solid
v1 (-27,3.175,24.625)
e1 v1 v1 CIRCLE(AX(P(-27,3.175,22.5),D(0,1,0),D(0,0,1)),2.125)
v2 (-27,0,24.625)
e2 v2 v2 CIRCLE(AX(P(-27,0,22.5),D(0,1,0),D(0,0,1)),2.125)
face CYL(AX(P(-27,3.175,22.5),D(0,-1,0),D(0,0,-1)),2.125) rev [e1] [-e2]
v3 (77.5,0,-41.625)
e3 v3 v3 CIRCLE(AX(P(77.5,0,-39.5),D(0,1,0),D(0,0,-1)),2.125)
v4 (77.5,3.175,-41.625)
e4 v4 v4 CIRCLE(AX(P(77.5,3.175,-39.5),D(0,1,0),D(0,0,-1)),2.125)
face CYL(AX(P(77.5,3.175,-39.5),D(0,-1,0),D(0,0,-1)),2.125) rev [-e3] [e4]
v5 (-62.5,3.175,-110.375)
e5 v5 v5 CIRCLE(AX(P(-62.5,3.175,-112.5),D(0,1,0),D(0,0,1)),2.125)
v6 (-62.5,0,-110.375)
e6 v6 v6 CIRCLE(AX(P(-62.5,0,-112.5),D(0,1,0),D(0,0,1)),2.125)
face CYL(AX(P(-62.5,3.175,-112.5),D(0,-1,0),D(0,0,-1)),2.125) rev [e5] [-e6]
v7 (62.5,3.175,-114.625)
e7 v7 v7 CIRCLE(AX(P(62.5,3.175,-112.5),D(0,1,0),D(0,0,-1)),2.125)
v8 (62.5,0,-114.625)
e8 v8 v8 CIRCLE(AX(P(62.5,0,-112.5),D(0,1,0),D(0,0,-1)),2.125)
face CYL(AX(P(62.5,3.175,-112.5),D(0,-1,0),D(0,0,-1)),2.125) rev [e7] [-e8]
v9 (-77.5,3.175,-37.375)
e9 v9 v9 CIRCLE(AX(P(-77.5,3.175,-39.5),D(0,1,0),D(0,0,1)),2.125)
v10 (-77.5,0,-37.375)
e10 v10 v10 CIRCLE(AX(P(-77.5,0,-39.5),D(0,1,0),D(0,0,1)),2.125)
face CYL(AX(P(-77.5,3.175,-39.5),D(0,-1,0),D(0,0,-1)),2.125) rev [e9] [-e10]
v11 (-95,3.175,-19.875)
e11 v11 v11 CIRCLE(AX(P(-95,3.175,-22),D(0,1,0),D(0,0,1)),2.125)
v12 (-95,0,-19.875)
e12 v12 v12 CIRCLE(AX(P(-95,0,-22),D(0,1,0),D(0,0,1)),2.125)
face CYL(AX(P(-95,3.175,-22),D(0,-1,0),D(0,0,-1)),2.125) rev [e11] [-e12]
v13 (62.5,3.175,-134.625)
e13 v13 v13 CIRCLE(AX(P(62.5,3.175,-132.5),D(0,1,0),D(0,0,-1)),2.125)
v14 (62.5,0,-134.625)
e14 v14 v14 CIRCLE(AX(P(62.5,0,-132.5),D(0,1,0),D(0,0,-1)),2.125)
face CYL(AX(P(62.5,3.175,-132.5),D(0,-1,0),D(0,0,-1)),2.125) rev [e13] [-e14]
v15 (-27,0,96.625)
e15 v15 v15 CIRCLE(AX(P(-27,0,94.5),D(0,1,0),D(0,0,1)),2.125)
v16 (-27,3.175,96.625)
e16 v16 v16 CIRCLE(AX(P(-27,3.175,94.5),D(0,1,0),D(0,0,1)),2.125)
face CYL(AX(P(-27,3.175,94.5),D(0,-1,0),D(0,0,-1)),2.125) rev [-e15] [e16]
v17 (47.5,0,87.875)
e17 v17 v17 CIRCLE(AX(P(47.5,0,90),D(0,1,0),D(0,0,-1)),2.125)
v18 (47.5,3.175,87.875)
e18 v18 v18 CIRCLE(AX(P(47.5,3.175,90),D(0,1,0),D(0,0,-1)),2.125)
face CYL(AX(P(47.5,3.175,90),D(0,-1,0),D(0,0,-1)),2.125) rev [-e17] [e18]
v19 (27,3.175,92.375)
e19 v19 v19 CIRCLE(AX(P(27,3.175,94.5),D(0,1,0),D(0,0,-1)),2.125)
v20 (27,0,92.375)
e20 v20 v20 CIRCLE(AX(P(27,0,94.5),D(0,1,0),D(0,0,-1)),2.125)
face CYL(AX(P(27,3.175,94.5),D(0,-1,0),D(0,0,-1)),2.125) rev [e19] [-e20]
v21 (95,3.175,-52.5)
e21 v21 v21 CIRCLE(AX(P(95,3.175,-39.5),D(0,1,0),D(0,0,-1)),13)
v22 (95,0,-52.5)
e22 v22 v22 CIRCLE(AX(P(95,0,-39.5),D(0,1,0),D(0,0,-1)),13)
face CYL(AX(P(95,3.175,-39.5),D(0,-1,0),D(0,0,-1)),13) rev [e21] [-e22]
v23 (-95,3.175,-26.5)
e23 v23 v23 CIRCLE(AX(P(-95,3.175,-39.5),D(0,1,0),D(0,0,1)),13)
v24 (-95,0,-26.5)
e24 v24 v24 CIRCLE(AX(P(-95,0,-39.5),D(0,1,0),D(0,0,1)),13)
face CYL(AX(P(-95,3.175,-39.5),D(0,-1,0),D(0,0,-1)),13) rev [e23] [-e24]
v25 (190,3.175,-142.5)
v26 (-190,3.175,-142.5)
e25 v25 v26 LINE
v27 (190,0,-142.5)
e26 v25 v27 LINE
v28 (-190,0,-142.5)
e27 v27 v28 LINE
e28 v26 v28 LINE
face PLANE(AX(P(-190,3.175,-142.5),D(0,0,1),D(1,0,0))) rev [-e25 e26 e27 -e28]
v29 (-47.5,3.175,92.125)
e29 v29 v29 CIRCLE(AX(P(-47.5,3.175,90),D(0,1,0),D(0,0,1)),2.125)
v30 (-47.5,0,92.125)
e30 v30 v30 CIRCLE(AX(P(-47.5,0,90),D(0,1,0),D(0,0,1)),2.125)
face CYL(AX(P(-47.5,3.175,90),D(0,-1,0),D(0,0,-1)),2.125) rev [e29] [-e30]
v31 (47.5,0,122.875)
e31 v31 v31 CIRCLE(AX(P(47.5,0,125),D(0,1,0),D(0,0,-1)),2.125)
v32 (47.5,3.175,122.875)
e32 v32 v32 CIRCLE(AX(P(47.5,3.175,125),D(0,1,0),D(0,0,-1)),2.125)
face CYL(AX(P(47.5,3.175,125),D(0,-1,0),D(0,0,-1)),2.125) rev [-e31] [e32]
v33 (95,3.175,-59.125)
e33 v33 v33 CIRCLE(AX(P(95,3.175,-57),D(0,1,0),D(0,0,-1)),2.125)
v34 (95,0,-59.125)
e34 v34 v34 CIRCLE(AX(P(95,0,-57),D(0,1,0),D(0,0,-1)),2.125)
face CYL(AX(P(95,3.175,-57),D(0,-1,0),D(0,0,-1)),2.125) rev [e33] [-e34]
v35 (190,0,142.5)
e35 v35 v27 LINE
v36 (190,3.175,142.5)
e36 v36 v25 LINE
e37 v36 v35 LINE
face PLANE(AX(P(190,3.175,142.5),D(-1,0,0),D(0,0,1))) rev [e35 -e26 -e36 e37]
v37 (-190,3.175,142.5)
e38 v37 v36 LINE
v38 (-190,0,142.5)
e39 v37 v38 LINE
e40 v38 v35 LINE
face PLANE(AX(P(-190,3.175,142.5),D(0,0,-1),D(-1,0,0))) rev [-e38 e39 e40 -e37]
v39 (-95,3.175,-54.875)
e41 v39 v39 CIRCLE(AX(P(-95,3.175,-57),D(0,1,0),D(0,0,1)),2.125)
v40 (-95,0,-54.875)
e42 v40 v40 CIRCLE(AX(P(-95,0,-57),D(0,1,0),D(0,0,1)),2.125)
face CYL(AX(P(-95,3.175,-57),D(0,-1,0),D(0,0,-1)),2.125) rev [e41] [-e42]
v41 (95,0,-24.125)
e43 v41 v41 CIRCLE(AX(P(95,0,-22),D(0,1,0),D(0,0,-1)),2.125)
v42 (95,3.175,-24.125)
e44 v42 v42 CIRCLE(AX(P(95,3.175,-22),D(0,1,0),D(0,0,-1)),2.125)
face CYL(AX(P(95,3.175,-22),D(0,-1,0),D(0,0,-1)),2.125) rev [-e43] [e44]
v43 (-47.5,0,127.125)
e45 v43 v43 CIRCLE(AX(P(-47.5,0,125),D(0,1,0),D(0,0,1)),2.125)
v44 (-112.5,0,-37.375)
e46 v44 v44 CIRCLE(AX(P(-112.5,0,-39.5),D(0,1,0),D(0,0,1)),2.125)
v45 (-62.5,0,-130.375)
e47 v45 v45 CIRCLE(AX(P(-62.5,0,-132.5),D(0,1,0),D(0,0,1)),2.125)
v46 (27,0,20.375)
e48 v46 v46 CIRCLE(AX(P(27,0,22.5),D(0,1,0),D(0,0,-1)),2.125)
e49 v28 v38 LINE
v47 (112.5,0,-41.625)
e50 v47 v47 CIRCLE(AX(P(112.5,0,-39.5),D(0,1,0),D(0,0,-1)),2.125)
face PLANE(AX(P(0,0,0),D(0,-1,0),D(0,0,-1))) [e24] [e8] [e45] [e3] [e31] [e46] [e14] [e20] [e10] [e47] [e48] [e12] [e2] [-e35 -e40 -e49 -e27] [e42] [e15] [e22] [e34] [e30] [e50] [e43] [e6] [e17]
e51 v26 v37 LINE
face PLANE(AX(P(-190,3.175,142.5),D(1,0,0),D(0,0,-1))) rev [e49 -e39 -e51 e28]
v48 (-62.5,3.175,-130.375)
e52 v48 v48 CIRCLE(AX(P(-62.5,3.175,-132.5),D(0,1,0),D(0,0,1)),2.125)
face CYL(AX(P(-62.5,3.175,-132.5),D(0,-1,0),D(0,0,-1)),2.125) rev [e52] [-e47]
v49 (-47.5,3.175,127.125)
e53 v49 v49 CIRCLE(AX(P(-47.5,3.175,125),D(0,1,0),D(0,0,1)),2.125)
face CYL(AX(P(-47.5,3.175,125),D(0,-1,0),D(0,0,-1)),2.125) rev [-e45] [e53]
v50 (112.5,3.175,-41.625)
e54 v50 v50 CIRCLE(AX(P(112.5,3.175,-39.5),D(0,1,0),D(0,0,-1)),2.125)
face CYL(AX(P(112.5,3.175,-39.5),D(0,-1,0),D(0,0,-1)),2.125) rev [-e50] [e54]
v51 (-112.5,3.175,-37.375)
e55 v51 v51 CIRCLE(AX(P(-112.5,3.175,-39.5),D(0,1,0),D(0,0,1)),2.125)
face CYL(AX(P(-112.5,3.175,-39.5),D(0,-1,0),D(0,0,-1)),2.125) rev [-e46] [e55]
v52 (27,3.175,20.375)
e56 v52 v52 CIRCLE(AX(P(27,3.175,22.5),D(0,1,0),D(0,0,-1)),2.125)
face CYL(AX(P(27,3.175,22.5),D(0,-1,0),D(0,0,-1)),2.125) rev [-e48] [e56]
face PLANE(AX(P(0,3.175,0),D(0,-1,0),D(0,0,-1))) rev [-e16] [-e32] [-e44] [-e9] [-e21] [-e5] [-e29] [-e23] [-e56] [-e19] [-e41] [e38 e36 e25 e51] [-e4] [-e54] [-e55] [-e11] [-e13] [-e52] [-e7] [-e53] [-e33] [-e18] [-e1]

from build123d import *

# Parameters (mm, degrees)
SKETCH1_W           = 380
SKETCH1_H           = 285
SKETCH1_R           = 13
SKETCH1_R_2         = 2.125
BOSS_EXTRUDE1_DEPTH = 3.175


with BuildPart() as part:
    # Sketch1 → Boss-Extrude1 (new body)
    with BuildSketch(Plane(origin=(0, 0, 0), x_dir=(1, 0, 0), z_dir=(0, 1, 0))):
        Rectangle(SKETCH1_W, SKETCH1_H)
        with Locations(Location((-95, 39.5, 0), (0, 0, 270))):
            Circle(SKETCH1_R, mode=Mode.SUBTRACT)
        with Locations(Location((-112.5, 39.5, 0), (0, 0, 270))):
            Circle(SKETCH1_R_2, mode=Mode.SUBTRACT)
        with Locations(Location((-47.5, -125, 0), (0, 0, 270))):
            Circle(SKETCH1_R_2, mode=Mode.SUBTRACT)
        with Locations(Location((-47.5, -90, 0), (0, 0, 270))):
            Circle(SKETCH1_R_2, mode=Mode.SUBTRACT)
        with Locations(Location((-95, 57, 0), (0, 0, 270))):
            Circle(SKETCH1_R_2, mode=Mode.SUBTRACT)
        with Locations(Location((-77.5, 39.5, 0), (0, 0, 270))):
            Circle(SKETCH1_R_2, mode=Mode.SUBTRACT)
        with Locations(Location((-95, 22, 0), (0, 0, 270))):
            Circle(SKETCH1_R_2, mode=Mode.SUBTRACT)
        with Locations(Location((-62.5, 132.5, 0), (0, 0, 270))):
            Circle(SKETCH1_R_2, mode=Mode.SUBTRACT)
        with Locations(Location((-62.5, 112.5, 0), (0, 0, 270))):
            Circle(SKETCH1_R_2, mode=Mode.SUBTRACT)
        with Locations(Location((47.5, -90, 0), (0, 0, 90))):
            Circle(SKETCH1_R_2, mode=Mode.SUBTRACT)
        with Locations(Location((47.5, -125, 0), (0, 0, 90))):
            Circle(SKETCH1_R_2, mode=Mode.SUBTRACT)
        with Locations(Location((95, 22, 0), (0, 0, 90))):
            Circle(SKETCH1_R_2, mode=Mode.SUBTRACT)
        with Locations(Location((77.5, 39.5, 0), (0, 0, 90))):
            Circle(SKETCH1_R_2, mode=Mode.SUBTRACT)
        with Locations(Location((112.5, 39.5, 0), (0, 0, 90))):
            Circle(SKETCH1_R_2, mode=Mode.SUBTRACT)
        with Locations(Location((95, 57, 0), (0, 0, 90))):
            Circle(SKETCH1_R_2, mode=Mode.SUBTRACT)
        with Locations(Location((95, 39.5, 0), (0, 0, 90))):
            Circle(SKETCH1_R, mode=Mode.SUBTRACT)
        with Locations(Location((62.5, 112.5, 0), (0, 0, 90))):
            Circle(SKETCH1_R_2, mode=Mode.SUBTRACT)
        with Locations(Location((62.5, 132.5, 0), (0, 0, 90))):
            Circle(SKETCH1_R_2, mode=Mode.SUBTRACT)
        with Locations(Location((-27, -94.5, 0), (0, 0, 270))):
            Circle(SKETCH1_R_2, mode=Mode.SUBTRACT)
        with Locations(Location((-27, -22.5, 0), (0, 0, 270))):
            Circle(SKETCH1_R_2, mode=Mode.SUBTRACT)
        with Locations(Location((27, -94.5, 0), (0, 0, 90))):
            Circle(SKETCH1_R_2, mode=Mode.SUBTRACT)
        with Locations(Location((27, -22.5, 0), (0, 0, 90))):
            Circle(SKETCH1_R_2, mode=Mode.SUBTRACT)
    extrude(amount=BOSS_EXTRUDE1_DEPTH)


solid = part.part
